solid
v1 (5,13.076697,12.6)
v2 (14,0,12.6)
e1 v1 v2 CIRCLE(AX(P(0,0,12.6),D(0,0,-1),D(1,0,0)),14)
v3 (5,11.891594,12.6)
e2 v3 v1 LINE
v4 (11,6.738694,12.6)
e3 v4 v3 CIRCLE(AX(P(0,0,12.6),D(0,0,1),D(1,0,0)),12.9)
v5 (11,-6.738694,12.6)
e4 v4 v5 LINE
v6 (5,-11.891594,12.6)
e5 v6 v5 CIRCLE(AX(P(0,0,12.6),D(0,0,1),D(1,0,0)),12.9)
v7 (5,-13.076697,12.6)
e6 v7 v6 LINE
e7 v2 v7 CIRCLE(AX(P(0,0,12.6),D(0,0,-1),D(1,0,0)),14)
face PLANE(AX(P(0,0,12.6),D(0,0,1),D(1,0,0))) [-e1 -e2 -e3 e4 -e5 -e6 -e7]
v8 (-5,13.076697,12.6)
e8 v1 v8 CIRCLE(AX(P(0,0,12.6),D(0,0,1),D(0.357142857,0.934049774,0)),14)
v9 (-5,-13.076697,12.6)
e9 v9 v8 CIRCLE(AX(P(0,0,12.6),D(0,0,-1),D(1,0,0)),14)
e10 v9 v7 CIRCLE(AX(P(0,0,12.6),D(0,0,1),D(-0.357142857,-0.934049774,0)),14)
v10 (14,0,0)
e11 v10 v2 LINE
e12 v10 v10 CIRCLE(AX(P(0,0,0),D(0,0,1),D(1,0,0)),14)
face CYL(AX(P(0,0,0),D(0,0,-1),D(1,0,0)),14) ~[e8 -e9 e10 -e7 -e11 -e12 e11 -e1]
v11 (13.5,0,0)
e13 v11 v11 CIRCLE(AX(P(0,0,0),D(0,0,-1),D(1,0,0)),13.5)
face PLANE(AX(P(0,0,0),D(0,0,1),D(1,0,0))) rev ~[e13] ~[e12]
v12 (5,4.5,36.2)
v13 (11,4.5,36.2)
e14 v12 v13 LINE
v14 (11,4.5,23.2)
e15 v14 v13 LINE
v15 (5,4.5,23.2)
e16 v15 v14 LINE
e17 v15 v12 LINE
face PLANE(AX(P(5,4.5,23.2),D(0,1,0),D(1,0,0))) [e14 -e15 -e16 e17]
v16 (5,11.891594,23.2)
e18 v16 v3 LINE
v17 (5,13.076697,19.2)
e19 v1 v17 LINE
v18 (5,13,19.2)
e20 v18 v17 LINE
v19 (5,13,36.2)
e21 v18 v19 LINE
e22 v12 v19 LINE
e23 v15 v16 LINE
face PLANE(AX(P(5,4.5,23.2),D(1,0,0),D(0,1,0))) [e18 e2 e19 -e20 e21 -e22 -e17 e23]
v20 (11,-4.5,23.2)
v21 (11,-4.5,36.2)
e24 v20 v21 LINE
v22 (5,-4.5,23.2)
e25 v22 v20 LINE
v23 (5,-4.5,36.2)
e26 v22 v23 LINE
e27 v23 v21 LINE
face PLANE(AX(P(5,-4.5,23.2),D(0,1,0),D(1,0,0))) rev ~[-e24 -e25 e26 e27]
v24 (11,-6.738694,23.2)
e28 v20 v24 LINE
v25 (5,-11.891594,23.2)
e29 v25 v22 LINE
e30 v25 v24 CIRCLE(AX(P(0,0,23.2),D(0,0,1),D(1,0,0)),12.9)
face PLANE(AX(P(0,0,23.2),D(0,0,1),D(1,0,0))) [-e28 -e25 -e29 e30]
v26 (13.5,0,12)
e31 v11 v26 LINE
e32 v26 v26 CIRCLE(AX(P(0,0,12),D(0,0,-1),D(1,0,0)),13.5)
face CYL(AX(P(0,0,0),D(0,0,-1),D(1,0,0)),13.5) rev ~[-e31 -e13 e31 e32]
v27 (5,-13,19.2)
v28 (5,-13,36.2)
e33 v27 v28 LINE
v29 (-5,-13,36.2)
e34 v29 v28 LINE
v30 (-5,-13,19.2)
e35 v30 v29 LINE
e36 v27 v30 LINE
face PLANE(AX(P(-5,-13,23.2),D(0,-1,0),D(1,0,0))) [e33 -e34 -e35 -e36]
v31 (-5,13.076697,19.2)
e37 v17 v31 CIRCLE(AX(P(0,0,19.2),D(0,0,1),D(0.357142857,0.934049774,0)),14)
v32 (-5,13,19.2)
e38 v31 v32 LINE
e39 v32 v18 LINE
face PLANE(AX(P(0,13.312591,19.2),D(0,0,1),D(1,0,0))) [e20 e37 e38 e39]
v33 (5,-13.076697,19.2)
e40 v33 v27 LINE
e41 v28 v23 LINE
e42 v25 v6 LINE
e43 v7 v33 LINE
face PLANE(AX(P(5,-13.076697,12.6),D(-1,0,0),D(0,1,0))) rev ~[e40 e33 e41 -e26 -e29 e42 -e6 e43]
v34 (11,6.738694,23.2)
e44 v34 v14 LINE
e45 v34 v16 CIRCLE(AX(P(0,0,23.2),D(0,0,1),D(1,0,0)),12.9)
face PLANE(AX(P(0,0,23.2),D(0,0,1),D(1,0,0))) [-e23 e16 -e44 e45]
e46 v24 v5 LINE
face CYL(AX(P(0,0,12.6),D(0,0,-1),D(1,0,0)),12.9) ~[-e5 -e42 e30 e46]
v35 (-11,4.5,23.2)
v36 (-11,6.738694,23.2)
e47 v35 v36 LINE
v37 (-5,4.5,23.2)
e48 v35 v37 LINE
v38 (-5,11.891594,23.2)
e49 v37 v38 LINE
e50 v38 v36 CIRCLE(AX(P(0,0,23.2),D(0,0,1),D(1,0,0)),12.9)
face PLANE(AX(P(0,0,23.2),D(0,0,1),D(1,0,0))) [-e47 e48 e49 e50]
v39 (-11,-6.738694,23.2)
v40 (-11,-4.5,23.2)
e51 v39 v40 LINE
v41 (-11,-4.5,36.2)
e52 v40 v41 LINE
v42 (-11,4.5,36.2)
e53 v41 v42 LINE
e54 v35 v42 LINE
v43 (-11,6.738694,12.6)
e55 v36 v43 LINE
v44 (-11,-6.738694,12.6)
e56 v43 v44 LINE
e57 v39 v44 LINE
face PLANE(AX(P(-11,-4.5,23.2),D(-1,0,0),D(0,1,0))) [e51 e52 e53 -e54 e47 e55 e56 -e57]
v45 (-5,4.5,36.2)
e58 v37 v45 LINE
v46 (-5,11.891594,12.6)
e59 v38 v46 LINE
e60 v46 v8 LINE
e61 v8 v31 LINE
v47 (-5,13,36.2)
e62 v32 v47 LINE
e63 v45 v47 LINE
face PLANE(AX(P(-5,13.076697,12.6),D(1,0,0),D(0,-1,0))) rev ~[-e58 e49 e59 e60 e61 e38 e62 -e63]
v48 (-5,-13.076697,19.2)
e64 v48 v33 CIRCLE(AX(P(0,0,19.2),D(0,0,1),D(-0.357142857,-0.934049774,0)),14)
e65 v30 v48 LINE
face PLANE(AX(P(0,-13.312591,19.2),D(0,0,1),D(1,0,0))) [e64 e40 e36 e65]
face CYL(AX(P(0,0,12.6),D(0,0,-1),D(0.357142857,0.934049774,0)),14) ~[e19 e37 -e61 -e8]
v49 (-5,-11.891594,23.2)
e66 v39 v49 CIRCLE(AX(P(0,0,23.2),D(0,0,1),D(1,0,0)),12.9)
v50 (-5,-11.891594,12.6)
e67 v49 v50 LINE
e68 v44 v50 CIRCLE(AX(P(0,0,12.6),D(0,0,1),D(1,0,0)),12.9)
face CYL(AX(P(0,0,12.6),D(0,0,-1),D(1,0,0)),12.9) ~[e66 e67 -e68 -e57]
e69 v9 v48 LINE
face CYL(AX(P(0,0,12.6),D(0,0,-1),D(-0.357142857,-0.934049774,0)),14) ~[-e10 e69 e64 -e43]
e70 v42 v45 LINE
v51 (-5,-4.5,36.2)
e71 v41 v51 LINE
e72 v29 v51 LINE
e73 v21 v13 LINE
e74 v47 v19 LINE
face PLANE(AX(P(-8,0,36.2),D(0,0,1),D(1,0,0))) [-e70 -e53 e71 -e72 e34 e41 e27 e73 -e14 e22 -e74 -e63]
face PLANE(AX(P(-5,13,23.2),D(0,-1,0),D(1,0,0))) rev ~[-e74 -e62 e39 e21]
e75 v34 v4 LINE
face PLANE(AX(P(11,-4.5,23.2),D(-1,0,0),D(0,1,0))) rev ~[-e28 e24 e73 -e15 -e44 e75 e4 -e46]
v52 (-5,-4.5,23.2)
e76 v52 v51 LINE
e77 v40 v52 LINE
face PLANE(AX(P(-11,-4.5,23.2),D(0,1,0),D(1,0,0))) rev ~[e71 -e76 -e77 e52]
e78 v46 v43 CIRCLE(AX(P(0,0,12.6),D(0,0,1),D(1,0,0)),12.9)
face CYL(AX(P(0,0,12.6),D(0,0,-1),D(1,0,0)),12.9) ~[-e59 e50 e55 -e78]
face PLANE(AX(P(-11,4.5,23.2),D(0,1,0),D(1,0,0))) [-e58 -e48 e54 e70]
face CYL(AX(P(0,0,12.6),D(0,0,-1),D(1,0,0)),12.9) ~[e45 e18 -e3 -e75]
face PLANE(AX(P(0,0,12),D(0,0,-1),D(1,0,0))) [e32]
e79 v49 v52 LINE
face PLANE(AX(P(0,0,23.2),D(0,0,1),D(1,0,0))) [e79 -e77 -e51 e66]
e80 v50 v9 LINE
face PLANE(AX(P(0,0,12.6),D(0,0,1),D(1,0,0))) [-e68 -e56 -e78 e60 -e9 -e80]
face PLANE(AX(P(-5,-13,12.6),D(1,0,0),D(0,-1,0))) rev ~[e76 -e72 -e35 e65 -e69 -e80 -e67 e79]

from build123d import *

# Parameters (mm, degrees)
F0_R          = 14
F1_DEPTH      = 12.6
F2_R          = 12.9
F3_DEPTH      = 10.6
F5_DEPTH      = 10.6
F6_W          = 6
F6_H          = 9
F6_W_2        = 10
F6_H_2        = 8.5
F7_DEPTH      = 13
F7_DEPTH_BACK = 12
F9_DEPTH      = 6.6
F10_R         = 13.5
F11_DEPTH     = 12


with BuildPart() as f1:
    # F0 (on Top) → F1 (new body)
    with BuildSketch(Plane.XY):
        Circle(F0_R)
    extrude(amount=F1_DEPTH)

    # F2 (on face) → F3 (join)
    with BuildSketch(Plane.XY.offset(12.6)):
        Circle(F2_R)
    extrude(amount=F3_DEPTH)

    # F4 (on face) → F5 (cut)
    with BuildSketch(Plane.XY.offset(23.2)):
        with BuildLine():
            Line((19.0122332424, 15.1731111109), (11, 15.1731111109))
            Line((11, 15.1731111109), (11, 6.7386942355))
            ThreePointArc((11, 6.7386942355), (12.4159172033, 3.5007142128), (12.9, 0))
            ThreePointArc((12.9, 0), (12.4159172033, -3.5007142128), (11, -6.7386942355))
            Line((11, -6.7386942355), (11, -15.1731111109))
            Line((11, -15.1731111109), (19.0122332424, -15.1731111109))
            Line((19.0122332424, -15.1731111109), (19.0122332424, 15.1731111109))
        make_face()
        with BuildLine():
            Line((-11, -6.7386942355), (-11, 6.7386942355))
            ThreePointArc((-11, 6.7386942355), (-12.9, 0), (-11, -6.7386942355))
        make_face()
        with BuildLine():
            Line((-11, 6.7386942355), (-11, 13.9122297987))
            Line((-11, 13.9122297987), (-20.8380557597, 13.9122297987))
            Line((-20.8380557597, 13.9122297987), (-20.8380557597, -13.9122297987))
            Line((-20.8380557597, -13.9122297987), (-11, -13.9122297987))
            Line((-11, -13.9122297987), (-11, -6.7386942355))
            ThreePointArc((-11, -6.7386942355), (-12.9, 0), (-11, 6.7386942355))
        make_face()
        with BuildLine():
            ThreePointArc((12.9, 0), (12.4159172033, 3.5007142128), (11, 6.7386942355))
            Line((11, 6.7386942355), (11, -6.7386942355))
            ThreePointArc((11, -6.7386942355), (12.4159172033, -3.5007142128), (12.9, 0))
        make_face()
    extrude(amount=-F5_DEPTH, mode=Mode.SUBTRACT)

    # F6 (on face) → F7 (join, two sides)
    with BuildSketch(Plane.XY.offset(23.2)) as f7_sk:
        with Locations((-8, 0)):
            Rectangle(F6_W, F6_H)
        with Locations((0, 8.75)):
            Rectangle(F6_W_2, F6_H_2)
        Rectangle(F6_W_2, F6_H)
        with Locations((8, 0)):
            Rectangle(F6_W, F6_H)
        with Locations((0, -8.75)):
            Rectangle(F6_W_2, F6_H_2)
    extrude(amount=F7_DEPTH)
    extrude(f7_sk.sketch, amount=-F7_DEPTH_BACK)

    # F8 (on face) → F9 (join)
    with BuildSketch(Plane.XY.offset(12.6)):
        with BuildLine():
            Line((5, -13), (-5, -13))
            Line((-5, -13), (-5, -13.0766968306))
            ThreePointArc((-5, -13.0766968306), (0, -14), (5, -13.0766968306))
            Line((5, -13.0766968306), (5, -13))
        make_face()
        with BuildLine():
            ThreePointArc((5, 13.0766968306), (0, 14), (-5, 13.0766968306))
            Line((-5, 13.0766968306), (-5, 13))
            Line((-5, 13), (5, 13))
            Line((5, 13), (5, 13.0766968306))
        make_face()
    extrude(amount=F9_DEPTH)

    # F10 (on face) → F11 (cut)
    with BuildSketch(Plane(origin=(0, 0, 0), x_dir=(1, 0, 0), z_dir=(0, 0, -1))):
        Circle(F10_R)
    extrude(amount=-F11_DEPTH, mode=Mode.SUBTRACT)


solid = f1.part
